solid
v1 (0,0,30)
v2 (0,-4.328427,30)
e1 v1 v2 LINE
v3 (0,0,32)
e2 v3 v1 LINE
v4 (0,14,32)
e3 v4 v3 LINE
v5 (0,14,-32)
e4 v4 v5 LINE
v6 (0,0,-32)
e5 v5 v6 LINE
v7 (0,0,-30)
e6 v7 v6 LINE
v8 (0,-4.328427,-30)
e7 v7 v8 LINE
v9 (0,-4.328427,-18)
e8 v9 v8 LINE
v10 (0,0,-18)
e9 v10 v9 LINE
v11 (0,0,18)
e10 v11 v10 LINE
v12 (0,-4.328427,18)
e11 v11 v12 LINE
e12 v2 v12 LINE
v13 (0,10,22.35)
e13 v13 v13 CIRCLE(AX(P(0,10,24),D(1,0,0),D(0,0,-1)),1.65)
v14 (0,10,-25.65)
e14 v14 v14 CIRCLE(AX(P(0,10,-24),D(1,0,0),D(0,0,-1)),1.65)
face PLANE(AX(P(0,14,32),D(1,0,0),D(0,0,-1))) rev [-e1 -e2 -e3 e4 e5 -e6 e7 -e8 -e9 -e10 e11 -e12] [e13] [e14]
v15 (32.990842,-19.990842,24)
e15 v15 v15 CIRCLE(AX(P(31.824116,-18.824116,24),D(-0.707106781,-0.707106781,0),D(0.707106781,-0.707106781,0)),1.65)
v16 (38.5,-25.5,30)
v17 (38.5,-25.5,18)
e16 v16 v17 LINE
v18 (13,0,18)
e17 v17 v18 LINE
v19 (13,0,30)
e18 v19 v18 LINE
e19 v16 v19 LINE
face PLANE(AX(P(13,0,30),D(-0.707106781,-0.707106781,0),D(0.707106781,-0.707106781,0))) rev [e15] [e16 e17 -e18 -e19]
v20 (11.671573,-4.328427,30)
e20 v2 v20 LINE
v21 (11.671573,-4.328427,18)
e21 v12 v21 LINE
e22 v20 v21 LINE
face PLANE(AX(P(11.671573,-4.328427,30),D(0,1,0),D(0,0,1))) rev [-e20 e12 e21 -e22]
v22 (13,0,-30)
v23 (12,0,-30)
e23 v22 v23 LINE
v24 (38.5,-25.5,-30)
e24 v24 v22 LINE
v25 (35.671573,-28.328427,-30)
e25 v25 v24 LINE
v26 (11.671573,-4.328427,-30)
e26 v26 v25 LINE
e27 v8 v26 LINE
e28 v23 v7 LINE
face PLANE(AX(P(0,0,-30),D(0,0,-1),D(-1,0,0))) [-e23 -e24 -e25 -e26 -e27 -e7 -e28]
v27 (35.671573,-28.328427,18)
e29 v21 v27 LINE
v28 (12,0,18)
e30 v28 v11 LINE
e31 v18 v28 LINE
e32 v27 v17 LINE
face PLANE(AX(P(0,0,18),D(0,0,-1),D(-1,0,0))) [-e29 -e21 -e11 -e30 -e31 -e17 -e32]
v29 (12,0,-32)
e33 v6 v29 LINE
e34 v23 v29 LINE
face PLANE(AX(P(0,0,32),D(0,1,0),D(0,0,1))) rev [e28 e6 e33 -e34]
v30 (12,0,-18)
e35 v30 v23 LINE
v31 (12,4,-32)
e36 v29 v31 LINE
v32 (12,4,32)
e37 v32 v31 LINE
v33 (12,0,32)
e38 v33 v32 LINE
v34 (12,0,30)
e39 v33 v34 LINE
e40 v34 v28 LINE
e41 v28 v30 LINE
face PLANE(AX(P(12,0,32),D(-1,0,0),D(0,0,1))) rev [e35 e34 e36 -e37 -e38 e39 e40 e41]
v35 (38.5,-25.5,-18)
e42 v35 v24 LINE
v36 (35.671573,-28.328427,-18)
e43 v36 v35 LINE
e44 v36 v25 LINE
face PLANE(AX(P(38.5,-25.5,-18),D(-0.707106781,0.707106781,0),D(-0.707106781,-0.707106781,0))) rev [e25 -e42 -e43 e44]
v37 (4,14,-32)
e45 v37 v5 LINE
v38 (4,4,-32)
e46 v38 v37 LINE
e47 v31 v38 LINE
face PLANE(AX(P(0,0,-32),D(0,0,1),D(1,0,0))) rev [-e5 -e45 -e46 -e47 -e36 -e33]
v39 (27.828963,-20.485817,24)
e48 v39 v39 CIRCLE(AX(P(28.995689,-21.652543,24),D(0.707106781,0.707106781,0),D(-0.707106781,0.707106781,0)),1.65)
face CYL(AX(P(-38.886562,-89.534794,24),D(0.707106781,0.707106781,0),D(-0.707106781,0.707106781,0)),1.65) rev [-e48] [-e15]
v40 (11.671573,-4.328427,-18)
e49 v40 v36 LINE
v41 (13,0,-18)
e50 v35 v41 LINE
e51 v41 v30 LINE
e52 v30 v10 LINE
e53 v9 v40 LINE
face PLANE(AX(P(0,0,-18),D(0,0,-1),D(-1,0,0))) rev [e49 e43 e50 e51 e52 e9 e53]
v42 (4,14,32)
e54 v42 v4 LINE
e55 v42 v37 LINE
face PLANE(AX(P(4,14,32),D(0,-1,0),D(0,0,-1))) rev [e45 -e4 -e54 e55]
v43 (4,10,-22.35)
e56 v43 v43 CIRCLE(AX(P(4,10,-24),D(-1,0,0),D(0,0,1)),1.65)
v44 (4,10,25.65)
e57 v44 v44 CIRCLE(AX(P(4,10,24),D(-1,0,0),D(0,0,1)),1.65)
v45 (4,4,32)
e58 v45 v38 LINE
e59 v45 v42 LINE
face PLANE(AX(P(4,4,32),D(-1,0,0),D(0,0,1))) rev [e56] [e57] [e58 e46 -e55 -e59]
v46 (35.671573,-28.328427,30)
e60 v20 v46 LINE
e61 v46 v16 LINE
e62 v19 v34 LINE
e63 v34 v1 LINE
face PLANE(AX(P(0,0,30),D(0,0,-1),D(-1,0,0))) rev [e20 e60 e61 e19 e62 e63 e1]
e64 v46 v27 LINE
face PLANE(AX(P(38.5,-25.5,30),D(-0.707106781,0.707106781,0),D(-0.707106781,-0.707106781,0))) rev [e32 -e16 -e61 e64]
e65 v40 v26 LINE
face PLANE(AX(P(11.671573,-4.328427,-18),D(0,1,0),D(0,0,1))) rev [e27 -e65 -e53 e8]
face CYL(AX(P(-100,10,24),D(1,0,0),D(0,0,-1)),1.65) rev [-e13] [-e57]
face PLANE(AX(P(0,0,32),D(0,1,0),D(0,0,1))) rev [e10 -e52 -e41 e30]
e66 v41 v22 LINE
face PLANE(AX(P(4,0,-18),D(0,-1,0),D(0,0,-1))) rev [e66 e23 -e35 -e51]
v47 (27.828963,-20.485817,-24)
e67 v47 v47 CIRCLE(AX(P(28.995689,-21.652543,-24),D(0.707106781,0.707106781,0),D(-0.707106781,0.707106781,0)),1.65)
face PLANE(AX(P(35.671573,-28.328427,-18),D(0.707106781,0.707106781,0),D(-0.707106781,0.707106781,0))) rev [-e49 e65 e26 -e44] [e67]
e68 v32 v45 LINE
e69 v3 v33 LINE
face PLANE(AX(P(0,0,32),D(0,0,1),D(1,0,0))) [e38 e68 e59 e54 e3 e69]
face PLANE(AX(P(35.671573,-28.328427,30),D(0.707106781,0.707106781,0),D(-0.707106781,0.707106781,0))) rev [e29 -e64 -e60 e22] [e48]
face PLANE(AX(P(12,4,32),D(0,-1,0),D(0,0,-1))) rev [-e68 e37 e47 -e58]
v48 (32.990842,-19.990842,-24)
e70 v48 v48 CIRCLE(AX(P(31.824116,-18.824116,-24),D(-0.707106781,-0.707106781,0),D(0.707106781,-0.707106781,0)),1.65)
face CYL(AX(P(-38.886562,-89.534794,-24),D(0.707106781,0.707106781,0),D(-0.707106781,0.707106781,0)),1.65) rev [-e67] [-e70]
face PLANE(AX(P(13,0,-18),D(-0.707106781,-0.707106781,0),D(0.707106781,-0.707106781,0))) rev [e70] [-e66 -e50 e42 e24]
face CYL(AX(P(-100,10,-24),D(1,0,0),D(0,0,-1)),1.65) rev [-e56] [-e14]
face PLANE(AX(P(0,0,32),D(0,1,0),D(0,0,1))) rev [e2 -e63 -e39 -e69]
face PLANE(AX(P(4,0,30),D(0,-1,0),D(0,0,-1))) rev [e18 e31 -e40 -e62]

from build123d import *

# Parameters (mm, degrees)
FDM_4MM_START                 = -32
FDM_4MM_DEPTH                 = 64
EXTRUDE_START                 = -30
EXTRUDE_45_1_DEPTH            = 12
CUT_EXTRUDE_M3_1_DEPTH        = 100
CUT_EXTRUDE_M3_1_DEPTH_BACK   = 100
SKETCH_3_R                    = 1.65
EXTRUDE_START_2               = 18
EXTRUDE_45_1_2_DEPTH          = 12
CUT_EXTRUDE_M3_1_2_DEPTH      = 100
CUT_EXTRUDE_M3_1_2_DEPTH_BACK = 100
SKETCH_5_R                    = 1.65
CUT_EXTRUDE_M3_1_3_DEPTH      = 100
CUT_EXTRUDE_M3_1_3_DEPTH_BACK = 100
SKETCH_6_R                    = 1.65
CUT_EXTRUDE_M3_1_4_DEPTH      = 100
CUT_EXTRUDE_M3_1_4_DEPTH_BACK = 100
SKETCH_7_R                    = 1.65


with BuildPart() as part:
    # 草图1 → FDM侧板连接根部_4mm壁 (new body)
    with BuildSketch(Plane.XY.offset(FDM_4MM_START)):
        Polygon((0, 0), (12, 0), (12, 4), (4, 4), (4, 14), (0, 14), align=None)
    extrude(amount=FDM_4MM_DEPTH)

    # 草图2 → Extrude 45__-1 (add)
    with BuildSketch(Plane.XY.offset(EXTRUDE_START)):
        Polygon((0, 0), (0, 14), (4, 14), (4, 0), (13, 0), (14.5, -1.5), (38.5, -25.5), (35.671572875, -28.328427125), (11.671572875, -4.328427125), (0, -4.328427125), align=None)
    extrude(amount=EXTRUDE_45_1_DEPTH)

    # 草图3 → Cut-Extrude M3__-1 (cut, two sides: drawn at the far end of the back side and taken through both)
    with BuildSketch(Plane(origin=(0, 0, 0), x_dir=(0, 0, -1), z_dir=(1, 0, 0)).offset(-CUT_EXTRUDE_M3_1_DEPTH_BACK)):
        with Locations((24, 10)):
            Circle(SKETCH_3_R)
    extrude(amount=CUT_EXTRUDE_M3_1_DEPTH + CUT_EXTRUDE_M3_1_DEPTH_BACK, mode=Mode.SUBTRACT)

    # 草图4 → Extrude 45__1 2 (add)
    with BuildSketch(Plane.XY.offset(EXTRUDE_START_2)):
        Polygon((0, 0), (0, 14), (4, 14), (4, 0), (13, 0), (14.5, -1.5), (38.5, -25.5), (35.671572875, -28.328427125), (11.671572875, -4.328427125), (0, -4.328427125), align=None)
    extrude(amount=EXTRUDE_45_1_2_DEPTH)

    # 草图5 → Cut-Extrude M3__1 2 (cut, two sides: drawn at the far end of the back side and taken through both)
    with BuildSketch(Plane(origin=(0, 0, 0), x_dir=(0, 0, -1), z_dir=(1, 0, 0)).offset(-CUT_EXTRUDE_M3_1_2_DEPTH_BACK)):
        with Locations((-24, 10)):
            Circle(SKETCH_5_R)
    extrude(amount=CUT_EXTRUDE_M3_1_2_DEPTH + CUT_EXTRUDE_M3_1_2_DEPTH_BACK, mode=Mode.SUBTRACT)

    # 草图6 → Cut-Extrude M3_-1 3 (cut, two sides: drawn at the far end of the back side and taken through both)
    with BuildSketch(Plane(origin=(6.5, 6.5, 0), x_dir=(0, 0, -1), z_dir=(0.7071067811865472, 0.7071067811865479, 0)).offset(-CUT_EXTRUDE_M3_1_3_DEPTH_BACK)):
        with Locations(Location((24, -35.813708499, 0), (0, 0, 90))):
            Circle(SKETCH_6_R)
    extrude(amount=CUT_EXTRUDE_M3_1_3_DEPTH + CUT_EXTRUDE_M3_1_3_DEPTH_BACK, mode=Mode.SUBTRACT)

    # 草图7 → Cut-Extrude M3_1 4 (cut, two sides: drawn at the far end of the back side and taken through both)
    with BuildSketch(Plane(origin=(6.5, 6.5, 0), x_dir=(0, 0, -1), z_dir=(0.7071067811865472, 0.7071067811865479, 0)).offset(-CUT_EXTRUDE_M3_1_4_DEPTH_BACK)):
        with Locations(Location((-24, -35.813708499, 0), (0, 0, 90))):
            Circle(SKETCH_7_R)
    extrude(amount=CUT_EXTRUDE_M3_1_4_DEPTH + CUT_EXTRUDE_M3_1_4_DEPTH_BACK, mode=Mode.SUBTRACT)


solid = part.part
